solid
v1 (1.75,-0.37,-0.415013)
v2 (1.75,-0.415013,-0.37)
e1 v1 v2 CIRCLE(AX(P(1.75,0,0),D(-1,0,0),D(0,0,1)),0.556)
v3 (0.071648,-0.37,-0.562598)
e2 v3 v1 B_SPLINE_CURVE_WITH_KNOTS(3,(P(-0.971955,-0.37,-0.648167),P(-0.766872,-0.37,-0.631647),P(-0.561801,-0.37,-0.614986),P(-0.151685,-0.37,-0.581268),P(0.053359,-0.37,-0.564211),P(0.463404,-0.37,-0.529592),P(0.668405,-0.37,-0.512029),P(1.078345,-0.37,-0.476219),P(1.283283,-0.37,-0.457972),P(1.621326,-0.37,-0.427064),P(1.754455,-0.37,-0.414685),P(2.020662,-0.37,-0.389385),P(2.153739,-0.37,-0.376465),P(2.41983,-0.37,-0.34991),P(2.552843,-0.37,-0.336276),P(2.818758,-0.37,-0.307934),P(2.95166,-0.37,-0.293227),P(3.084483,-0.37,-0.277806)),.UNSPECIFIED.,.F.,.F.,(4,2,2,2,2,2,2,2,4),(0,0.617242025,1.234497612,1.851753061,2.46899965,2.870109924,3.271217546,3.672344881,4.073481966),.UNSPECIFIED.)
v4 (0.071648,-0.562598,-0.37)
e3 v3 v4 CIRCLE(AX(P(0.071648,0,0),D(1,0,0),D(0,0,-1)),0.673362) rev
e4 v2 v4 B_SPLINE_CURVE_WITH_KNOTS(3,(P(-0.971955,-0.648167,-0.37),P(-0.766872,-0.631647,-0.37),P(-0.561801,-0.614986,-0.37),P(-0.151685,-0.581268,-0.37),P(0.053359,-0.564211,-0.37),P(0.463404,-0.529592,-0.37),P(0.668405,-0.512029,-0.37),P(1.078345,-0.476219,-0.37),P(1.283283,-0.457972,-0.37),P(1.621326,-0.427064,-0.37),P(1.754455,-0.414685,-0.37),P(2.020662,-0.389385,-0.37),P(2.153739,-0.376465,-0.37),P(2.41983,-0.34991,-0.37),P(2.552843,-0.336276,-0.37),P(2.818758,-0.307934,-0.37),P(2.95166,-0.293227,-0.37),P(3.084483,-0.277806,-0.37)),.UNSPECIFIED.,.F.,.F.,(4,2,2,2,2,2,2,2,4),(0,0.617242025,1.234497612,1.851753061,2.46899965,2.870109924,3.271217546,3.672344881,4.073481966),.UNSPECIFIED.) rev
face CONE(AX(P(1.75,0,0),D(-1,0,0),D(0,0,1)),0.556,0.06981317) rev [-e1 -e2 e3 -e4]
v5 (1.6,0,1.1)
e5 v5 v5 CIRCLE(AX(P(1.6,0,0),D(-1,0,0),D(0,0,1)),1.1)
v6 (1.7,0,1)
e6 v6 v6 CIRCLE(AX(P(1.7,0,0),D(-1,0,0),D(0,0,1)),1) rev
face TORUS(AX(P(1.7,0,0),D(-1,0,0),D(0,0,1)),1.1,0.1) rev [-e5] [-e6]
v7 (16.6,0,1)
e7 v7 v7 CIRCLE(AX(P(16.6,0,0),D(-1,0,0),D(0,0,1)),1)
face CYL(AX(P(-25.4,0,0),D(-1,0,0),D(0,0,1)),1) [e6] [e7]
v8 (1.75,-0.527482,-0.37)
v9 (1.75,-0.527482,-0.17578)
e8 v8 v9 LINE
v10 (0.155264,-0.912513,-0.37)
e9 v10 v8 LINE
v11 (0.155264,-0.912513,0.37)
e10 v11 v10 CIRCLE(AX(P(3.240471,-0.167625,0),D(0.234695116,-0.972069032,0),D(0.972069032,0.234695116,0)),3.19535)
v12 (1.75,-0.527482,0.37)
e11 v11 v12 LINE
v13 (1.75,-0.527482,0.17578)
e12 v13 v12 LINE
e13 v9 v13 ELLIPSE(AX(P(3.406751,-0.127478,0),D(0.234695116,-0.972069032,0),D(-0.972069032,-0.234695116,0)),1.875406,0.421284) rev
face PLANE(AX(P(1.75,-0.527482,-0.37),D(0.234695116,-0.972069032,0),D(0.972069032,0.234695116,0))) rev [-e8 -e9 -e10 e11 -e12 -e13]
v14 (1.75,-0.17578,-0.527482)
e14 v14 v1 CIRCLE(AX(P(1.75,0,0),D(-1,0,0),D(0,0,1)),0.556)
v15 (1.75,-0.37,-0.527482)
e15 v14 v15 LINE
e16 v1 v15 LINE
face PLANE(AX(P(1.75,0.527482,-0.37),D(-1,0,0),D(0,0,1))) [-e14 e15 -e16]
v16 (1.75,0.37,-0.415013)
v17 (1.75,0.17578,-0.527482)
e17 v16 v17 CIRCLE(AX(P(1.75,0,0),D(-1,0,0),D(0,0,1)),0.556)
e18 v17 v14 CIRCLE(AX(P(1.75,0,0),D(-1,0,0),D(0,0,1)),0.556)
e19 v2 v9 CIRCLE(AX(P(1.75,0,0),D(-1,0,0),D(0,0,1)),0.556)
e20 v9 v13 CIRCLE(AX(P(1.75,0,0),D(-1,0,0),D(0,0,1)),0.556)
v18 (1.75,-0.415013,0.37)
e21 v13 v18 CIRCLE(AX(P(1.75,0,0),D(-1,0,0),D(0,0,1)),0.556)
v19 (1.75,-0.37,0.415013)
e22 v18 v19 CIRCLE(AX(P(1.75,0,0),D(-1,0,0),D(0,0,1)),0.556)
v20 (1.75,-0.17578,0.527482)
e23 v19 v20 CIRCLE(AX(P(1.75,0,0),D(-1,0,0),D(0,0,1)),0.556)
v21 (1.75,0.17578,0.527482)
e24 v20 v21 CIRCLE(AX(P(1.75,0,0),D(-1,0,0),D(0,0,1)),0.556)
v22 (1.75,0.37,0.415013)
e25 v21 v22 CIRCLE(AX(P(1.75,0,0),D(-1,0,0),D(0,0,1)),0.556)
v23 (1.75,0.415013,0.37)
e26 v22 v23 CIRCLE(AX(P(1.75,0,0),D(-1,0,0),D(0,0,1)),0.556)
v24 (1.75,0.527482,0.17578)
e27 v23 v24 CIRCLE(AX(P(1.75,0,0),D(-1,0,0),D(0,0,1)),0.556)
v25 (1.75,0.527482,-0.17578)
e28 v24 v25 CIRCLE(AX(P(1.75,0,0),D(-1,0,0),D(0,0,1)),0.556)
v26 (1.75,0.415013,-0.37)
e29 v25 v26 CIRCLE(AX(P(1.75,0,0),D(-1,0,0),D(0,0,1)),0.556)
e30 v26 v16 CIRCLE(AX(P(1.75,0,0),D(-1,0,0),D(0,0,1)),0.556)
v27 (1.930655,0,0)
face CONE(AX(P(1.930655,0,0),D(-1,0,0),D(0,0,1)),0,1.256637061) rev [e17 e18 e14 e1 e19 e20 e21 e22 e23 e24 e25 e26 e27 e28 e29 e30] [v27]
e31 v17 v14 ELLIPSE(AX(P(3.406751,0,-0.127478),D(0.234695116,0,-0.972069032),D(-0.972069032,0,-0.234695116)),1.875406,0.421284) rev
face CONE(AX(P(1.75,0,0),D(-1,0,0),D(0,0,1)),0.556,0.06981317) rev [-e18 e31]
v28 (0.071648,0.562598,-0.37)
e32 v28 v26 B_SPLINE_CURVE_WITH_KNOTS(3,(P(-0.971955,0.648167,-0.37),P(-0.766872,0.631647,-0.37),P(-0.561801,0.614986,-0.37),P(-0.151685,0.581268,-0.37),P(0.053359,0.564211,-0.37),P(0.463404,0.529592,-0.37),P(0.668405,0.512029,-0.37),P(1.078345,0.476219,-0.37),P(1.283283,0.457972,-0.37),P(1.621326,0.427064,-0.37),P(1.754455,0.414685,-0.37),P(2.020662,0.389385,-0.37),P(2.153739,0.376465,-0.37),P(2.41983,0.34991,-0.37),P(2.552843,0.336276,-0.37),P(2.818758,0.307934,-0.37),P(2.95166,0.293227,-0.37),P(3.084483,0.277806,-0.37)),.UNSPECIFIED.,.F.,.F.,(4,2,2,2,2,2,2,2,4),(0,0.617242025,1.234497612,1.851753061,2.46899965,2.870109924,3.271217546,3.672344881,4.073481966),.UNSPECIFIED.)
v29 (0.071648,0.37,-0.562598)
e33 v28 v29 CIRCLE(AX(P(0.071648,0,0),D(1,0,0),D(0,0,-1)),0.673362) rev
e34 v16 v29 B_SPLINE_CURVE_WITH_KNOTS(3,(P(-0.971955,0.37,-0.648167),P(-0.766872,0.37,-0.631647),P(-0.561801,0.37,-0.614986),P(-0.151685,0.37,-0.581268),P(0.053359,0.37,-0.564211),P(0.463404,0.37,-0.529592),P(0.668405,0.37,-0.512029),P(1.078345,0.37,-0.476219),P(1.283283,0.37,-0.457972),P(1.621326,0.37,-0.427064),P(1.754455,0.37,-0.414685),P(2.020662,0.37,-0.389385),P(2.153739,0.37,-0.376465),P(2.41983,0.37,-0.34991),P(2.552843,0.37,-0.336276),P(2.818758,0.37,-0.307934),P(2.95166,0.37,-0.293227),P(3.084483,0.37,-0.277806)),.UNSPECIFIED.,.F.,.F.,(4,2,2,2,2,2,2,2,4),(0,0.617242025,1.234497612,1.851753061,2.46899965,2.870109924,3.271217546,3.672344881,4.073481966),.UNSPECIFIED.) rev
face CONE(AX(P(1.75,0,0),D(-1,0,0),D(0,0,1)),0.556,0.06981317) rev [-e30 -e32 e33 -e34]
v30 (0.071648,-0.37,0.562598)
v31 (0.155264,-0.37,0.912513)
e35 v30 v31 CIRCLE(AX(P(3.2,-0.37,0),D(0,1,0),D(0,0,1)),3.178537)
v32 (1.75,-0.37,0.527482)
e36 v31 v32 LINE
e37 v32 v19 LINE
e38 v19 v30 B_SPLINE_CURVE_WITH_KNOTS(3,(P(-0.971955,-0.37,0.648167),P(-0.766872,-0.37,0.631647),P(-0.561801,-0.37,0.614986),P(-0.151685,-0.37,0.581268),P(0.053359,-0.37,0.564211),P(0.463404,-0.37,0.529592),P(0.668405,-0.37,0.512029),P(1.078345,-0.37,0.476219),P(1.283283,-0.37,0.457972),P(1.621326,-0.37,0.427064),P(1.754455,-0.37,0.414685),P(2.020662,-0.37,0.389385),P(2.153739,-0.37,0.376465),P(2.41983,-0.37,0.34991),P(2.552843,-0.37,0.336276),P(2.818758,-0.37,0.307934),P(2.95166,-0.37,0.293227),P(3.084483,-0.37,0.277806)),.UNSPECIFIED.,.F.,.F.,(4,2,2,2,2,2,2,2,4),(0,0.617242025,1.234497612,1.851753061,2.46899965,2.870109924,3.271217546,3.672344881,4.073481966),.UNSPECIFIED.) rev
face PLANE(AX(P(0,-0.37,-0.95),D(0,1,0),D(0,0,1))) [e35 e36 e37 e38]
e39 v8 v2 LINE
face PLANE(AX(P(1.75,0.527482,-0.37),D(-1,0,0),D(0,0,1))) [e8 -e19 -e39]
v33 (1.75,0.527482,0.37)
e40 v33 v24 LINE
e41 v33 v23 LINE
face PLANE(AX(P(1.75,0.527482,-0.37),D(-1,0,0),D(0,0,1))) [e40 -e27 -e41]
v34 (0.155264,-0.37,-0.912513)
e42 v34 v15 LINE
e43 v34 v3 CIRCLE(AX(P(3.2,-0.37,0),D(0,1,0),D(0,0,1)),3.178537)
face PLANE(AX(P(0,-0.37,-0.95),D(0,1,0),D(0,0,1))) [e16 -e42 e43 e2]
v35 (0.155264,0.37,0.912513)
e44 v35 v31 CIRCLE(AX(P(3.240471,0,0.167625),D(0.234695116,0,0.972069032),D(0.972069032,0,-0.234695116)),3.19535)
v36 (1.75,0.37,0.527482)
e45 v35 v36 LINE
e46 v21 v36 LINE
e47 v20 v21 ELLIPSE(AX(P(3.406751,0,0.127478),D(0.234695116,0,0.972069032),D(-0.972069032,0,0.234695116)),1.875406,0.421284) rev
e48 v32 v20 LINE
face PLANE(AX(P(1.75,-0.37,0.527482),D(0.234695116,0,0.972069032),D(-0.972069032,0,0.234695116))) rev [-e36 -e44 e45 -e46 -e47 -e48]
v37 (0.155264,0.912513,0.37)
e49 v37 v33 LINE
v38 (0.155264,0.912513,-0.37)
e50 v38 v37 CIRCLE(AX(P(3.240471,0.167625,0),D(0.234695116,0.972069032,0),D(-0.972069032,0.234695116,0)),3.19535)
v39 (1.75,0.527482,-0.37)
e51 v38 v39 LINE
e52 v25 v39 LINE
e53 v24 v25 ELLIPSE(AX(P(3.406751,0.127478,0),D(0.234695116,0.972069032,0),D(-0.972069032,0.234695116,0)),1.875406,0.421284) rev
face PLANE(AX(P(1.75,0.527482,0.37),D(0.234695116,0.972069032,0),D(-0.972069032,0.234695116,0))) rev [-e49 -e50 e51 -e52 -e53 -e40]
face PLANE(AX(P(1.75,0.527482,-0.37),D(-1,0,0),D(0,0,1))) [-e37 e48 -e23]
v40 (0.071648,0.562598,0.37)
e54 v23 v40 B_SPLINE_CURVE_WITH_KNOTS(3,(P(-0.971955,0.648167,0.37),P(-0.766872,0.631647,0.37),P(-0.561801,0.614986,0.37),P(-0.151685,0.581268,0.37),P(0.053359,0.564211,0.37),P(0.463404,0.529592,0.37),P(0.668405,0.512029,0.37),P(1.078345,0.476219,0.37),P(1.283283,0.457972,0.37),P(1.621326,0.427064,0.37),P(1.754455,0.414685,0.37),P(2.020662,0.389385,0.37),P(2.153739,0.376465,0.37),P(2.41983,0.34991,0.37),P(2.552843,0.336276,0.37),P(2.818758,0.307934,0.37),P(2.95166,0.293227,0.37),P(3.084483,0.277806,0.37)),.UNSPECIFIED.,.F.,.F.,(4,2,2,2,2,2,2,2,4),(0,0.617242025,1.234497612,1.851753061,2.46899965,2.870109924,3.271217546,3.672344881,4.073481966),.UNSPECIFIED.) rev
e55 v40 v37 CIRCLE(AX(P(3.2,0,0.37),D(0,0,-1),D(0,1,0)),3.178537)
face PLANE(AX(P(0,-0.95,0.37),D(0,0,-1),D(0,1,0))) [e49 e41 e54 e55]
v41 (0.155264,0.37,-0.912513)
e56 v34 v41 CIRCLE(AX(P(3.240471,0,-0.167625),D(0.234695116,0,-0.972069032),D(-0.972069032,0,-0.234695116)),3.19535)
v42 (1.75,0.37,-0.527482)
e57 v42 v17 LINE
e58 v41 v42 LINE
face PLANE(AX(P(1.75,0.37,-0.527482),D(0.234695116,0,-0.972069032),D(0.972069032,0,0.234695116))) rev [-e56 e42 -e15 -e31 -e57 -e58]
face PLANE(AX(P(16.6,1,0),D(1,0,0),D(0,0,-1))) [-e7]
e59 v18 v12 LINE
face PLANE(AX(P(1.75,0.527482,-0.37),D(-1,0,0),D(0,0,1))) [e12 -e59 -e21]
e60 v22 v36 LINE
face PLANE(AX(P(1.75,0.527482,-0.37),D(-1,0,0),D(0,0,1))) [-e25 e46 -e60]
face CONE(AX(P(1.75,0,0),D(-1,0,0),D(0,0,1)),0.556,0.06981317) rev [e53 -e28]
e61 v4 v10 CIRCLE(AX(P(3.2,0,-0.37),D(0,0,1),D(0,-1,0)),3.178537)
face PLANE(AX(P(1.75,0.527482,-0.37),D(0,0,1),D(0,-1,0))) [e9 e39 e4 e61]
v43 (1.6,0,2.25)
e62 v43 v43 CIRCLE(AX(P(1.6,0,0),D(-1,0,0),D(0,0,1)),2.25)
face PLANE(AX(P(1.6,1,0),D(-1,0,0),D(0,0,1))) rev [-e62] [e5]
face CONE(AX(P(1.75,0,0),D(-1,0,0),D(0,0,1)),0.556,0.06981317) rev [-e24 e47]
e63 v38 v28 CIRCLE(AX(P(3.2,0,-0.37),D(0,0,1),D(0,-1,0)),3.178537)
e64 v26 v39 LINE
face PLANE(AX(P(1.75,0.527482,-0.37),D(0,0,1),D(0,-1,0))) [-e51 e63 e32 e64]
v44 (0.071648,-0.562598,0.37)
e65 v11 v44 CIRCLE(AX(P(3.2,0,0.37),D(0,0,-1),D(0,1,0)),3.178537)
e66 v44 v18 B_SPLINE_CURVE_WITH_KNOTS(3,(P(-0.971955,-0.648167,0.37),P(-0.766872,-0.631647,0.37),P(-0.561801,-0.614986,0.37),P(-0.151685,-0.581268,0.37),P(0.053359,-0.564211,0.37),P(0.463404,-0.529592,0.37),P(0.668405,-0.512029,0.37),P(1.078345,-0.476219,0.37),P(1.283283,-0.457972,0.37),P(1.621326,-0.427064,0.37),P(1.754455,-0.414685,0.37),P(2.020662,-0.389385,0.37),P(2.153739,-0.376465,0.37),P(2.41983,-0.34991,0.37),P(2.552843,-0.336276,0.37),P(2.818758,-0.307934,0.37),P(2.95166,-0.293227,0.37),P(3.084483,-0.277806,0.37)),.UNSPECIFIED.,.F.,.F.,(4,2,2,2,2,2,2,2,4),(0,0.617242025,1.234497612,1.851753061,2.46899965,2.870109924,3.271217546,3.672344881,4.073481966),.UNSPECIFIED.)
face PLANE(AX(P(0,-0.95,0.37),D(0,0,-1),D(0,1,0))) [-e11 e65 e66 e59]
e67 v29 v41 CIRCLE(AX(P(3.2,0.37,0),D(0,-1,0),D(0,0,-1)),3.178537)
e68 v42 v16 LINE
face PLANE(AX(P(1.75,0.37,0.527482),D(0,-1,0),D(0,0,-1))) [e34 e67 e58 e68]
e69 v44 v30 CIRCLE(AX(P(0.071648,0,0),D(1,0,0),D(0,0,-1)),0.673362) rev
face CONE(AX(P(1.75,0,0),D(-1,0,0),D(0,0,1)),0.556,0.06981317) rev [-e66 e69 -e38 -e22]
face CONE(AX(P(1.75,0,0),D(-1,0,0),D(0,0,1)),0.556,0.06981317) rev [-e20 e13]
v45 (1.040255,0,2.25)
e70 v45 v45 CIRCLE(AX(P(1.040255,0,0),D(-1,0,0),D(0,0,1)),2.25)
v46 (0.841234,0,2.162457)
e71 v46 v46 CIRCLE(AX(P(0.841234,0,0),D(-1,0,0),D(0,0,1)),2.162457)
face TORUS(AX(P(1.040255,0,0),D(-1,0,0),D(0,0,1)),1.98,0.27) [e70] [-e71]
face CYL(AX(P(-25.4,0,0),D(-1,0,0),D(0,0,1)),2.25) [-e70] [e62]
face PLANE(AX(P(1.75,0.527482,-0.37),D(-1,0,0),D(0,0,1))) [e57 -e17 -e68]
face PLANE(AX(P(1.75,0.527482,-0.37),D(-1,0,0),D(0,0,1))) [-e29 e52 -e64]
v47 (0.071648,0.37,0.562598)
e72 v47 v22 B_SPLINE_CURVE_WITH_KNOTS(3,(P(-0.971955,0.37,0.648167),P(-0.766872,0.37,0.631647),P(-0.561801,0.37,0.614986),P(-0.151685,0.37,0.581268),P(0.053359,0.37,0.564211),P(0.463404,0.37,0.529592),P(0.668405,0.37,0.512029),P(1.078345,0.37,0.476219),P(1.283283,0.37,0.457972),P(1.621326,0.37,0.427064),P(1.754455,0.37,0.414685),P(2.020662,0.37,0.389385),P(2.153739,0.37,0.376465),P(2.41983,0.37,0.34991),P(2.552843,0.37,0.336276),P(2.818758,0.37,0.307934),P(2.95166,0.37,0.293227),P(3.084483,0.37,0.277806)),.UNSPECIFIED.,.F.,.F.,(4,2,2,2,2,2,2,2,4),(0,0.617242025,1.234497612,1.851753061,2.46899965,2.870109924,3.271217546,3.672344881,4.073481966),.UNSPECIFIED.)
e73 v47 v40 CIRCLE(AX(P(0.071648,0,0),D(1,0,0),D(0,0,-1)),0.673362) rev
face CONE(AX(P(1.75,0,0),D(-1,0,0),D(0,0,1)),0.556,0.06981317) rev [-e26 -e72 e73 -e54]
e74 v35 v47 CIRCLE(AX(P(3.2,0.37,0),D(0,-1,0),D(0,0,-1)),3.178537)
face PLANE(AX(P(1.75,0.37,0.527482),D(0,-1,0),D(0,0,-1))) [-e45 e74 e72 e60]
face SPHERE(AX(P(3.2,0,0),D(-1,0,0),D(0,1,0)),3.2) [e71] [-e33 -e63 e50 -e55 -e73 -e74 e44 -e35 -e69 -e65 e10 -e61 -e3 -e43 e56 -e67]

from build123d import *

# Parameters (mm, degrees)
FILLET1_R    = 0.1
RECPAT_COUNT = 2
RECPAT_ANGLE = 90


with BuildPart() as part:
    # BodySke → Base-Revolve (revolve)
    with BuildSketch(Plane.XY, mode=Mode.PRIVATE) as base_revolve_sk:
        with BuildLine():
            Line((1.6, 1), (1.6, 2.25))
            Line((1.6, 2.25), (1.040254645, 2.25))
            ThreePointArc((1.040254645, 2.25), (0.931542827, 2.227147204), (0.841233742, 2.162457338))
            ThreePointArc((0.841233742, 2.162457338), (0.217714632, 1.16016119), (0, 0))
            Line((0, 0), (16.6, 0))
            Line((16.6, 0), (16.6, 1))
            Line((16.6, 1), (1.6, 1))
        make_face()
    revolve(base_revolve_sk.sketch.rotate(Axis((-25.4, 0, 0), (1, 0, 0)), 90), axis=Axis((-25.4, 0, 0), (1, 0, 0)))

    # Fillet1
    fillet1_edges = [part.edges().sort_by_distance(p)[0] for p in [
        (1.6, 0, -1),
    ]]
    fillet(fillet1_edges, radius=FILLET1_R)

    # Sketch3 → Recess section 0
    with BuildSketch(Plane(origin=(0, 0, 0), x_dir=(0, 0, -1), z_dir=(1, 0, 0))):
        with BuildLine():
            Line((0.37, -0.95), (-0.37, -0.95))
            Line((-0.37, -0.95), (-0.37, 0.95))
            Line((-0.37, 0.95), (0.37, 0.95))
            Line((0.37, 0.95), (0.37, -0.95))
        make_face()
    # Sketch4 → Recess section 1
    with BuildSketch(Plane(origin=(1.75, 0, 0), x_dir=(0, 0, -1), z_dir=(1, 0, 0))):
        with BuildLine():
            Line((0.37, -0.527482216), (-0.37, -0.527482216))
            Line((-0.37, -0.527482216), (-0.37, 0.527482216))
            Line((-0.37, 0.527482216), (0.37, 0.527482216))
            Line((0.37, 0.527482216), (0.37, -0.527482216))
        make_face()
    recess = loft(mode=Mode.SUBTRACT)

    # RecPat: Recess ×2 about axis
    recpat_axis = Axis((0, 0, 0), (1, 0, 0))
    for i in range(1, RECPAT_COUNT):
        add(recess.rotate(recpat_axis, i * RECPAT_ANGLE / (RECPAT_COUNT - 1)), mode=Mode.SUBTRACT)

    # RecCorSke → RecessCore (revolve, cut)
    with BuildSketch(Plane.XY, mode=Mode.PRIVATE) as recesscore_sk:
        Polygon((0, 0), (0, 0.678371921), (1.75, 0.556), (1.930655351, 0), align=None)
    revolve(recesscore_sk.sketch.rotate(Axis((-3.175, 0, 0), (1, 0, 0)), 22.071251507), axis=Axis((-3.175, 0, 0), (1, 0, 0)), mode=Mode.SUBTRACT)


solid = part.part
